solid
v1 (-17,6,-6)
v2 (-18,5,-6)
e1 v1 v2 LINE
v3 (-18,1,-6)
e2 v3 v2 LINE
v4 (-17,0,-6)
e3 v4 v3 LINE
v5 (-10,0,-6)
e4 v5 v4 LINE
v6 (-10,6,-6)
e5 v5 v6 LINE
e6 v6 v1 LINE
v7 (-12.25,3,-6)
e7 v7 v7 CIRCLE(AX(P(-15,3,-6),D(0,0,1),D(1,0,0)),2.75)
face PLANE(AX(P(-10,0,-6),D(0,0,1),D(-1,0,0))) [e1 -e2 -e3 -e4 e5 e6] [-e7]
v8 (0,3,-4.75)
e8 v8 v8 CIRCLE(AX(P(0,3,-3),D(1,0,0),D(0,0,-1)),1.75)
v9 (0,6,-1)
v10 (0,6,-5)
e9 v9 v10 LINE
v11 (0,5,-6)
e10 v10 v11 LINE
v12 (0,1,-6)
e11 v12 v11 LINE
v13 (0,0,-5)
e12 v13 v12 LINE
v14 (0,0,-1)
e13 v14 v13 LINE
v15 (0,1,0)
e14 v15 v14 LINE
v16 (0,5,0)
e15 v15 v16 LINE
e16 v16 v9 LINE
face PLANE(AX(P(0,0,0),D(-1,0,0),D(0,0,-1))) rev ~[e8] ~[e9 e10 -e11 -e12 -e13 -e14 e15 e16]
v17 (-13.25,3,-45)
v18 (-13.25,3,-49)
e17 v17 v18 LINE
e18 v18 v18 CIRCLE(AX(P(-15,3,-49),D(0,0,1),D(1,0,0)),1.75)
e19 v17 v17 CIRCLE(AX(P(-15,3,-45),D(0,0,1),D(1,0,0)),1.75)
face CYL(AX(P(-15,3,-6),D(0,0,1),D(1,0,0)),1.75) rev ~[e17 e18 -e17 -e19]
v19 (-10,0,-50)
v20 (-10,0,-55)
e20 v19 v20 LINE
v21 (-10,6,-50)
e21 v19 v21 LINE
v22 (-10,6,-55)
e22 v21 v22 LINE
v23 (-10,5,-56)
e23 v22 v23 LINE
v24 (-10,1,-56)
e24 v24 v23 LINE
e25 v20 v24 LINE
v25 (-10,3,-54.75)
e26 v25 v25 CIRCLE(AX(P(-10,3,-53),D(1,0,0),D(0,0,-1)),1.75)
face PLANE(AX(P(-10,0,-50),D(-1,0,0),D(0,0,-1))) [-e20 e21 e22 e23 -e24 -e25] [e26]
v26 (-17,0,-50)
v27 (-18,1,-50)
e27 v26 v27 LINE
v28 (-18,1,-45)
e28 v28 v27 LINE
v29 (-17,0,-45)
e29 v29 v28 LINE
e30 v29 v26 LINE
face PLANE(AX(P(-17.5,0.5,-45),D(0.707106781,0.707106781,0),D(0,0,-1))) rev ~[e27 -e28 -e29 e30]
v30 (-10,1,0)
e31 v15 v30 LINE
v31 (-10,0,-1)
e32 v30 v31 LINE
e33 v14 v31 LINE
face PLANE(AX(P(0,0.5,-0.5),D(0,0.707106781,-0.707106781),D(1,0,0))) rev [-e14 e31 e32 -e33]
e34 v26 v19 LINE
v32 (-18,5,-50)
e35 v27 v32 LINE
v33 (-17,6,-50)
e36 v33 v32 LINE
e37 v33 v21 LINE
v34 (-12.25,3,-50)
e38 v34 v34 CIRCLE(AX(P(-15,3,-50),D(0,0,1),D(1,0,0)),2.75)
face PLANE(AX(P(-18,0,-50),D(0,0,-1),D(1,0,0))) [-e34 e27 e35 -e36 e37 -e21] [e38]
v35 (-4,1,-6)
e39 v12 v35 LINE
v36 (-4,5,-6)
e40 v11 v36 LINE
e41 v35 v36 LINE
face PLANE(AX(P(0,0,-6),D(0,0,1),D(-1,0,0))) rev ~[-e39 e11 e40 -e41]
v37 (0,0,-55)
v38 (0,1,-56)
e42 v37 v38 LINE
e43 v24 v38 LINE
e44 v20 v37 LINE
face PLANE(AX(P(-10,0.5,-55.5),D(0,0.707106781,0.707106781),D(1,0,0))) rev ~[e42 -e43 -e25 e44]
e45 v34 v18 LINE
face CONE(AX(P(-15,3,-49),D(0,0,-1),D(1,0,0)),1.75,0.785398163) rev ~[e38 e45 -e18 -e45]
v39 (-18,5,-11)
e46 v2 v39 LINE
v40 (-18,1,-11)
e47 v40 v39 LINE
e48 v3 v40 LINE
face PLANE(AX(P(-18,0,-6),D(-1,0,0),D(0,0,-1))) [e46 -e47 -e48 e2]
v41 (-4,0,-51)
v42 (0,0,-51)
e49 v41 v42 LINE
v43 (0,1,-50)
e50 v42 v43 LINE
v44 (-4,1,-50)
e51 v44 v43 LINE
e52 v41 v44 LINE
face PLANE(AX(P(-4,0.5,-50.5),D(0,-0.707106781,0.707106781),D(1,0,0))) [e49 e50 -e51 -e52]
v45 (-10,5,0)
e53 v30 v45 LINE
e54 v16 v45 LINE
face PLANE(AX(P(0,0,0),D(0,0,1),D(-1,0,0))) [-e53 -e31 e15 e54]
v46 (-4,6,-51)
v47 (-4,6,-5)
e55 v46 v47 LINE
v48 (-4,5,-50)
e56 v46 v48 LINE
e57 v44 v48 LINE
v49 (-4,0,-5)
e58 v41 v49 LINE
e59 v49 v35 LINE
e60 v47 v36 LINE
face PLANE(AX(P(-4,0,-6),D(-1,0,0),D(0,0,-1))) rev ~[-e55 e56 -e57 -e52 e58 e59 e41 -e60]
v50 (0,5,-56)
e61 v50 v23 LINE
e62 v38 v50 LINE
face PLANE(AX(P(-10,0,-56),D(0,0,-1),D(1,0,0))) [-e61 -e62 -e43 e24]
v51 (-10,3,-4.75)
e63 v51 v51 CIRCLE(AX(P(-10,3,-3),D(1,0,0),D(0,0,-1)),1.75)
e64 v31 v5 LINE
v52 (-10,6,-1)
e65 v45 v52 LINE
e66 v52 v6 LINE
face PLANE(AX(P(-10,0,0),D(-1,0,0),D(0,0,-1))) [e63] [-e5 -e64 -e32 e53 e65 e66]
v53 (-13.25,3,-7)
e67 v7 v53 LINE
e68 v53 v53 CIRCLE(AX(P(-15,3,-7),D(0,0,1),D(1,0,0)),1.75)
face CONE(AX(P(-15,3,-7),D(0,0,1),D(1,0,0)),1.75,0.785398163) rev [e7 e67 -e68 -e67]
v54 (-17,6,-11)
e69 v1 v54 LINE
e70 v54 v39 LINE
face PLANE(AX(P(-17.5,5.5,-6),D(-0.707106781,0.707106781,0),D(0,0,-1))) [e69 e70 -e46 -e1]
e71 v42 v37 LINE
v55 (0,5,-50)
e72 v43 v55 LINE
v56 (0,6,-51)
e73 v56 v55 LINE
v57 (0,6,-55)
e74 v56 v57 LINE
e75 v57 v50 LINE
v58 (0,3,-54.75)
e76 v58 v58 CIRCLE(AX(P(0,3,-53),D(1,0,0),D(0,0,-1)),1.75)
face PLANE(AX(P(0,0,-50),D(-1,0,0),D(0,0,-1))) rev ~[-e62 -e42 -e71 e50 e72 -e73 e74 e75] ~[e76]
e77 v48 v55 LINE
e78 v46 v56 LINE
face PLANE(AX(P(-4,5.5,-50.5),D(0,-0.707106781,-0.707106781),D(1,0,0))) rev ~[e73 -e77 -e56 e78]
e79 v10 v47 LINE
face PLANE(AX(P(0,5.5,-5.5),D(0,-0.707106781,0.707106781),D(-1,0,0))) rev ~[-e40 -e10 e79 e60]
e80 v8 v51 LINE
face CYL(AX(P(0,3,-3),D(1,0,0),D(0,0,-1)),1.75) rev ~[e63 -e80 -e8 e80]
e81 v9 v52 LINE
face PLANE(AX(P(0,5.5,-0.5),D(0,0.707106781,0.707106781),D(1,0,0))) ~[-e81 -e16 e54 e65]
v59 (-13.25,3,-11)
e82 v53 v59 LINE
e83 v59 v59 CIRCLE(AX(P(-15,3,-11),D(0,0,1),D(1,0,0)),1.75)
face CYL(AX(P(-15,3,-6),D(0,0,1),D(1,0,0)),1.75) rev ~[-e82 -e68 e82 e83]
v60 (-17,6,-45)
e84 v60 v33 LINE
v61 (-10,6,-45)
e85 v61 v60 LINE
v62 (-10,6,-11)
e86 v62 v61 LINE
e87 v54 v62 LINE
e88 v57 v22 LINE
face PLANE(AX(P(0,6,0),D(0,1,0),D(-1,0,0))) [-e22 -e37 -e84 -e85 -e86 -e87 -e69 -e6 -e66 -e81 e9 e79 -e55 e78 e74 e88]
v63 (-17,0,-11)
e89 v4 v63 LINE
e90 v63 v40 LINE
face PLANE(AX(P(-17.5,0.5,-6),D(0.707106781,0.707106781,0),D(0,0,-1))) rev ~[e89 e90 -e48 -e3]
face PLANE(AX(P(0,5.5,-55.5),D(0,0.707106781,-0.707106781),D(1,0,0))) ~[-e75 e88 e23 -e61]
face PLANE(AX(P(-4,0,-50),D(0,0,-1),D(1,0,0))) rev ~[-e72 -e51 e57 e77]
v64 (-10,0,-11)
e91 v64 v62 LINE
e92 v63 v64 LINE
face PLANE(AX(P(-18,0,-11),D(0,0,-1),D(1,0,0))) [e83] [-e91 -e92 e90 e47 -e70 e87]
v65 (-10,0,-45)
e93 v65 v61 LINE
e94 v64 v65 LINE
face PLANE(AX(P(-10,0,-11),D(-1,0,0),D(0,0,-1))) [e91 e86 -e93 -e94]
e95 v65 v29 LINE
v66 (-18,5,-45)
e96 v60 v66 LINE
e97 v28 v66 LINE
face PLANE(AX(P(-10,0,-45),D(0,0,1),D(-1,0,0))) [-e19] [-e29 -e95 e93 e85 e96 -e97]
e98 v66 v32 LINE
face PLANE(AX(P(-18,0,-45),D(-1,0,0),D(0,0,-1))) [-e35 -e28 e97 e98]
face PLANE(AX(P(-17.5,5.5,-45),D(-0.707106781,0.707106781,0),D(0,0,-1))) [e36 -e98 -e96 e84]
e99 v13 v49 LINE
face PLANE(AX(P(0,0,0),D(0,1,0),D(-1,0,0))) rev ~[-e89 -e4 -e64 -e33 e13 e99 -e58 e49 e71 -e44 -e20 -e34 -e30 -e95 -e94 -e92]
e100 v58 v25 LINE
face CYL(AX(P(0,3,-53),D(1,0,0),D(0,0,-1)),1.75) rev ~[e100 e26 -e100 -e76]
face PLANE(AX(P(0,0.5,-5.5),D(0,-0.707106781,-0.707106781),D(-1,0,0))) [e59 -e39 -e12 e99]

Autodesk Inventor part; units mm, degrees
ref_plane "YZ Plane" through (0, 0, 0) normal (1, 0, 0) x (0, 1, 0)
ref_plane "XZ Plane" through (0, 0, 0) normal (0, 1, 0) x (-1, 0, 0)
ref_plane "XY Plane" through (0, 0, 0) normal (0, 0, 1) x (1, 0, 0)
sketch "Sketch1" plane through (0, 0, 0) normal (0, 1, 0) x (-1, 0, 0)
  line L0 (0, 0) -> (0, -6)
  line L1 (0, -6) -> (4, -6)
  line L2 (4, -6) -> (4, -50)
  line L3 (4, -50) -> (0, -50)
  line L4 (0, -50) -> (0, -56)
  line L5 (0, 0) -> (10, 0)
  line L6 (0, 0) -> (10, 0)
  line L7 (10, 0) -> (10, -6)
  line L8 (10, -6) -> (18, -6)
  line L9 (18, -6) -> (18, -11)
  line L10 (18, -11) -> (10, -11)
  line L11 (10, -11) -> (10, -45)
  line L12 (10, -45) -> (18, -45)
  line L13 (18, -45) -> (18, -50)
  line L14 (18, -50) -> (10, -50)
  line L15 (0, -56) -> (4, -56)
  line L16 (10, -50) -> (10, -56)
  line L17 (10, -56) -> (4, -56)
  point P0 (0, -3)
  point P1 (0, -53)
  dimension "d2" = 50
  dimension "d3" = 6
  dimension "d4" = 4
  dimension "d19" = 6
  dimension "d22" = 8
  dimension "d42" = 6
  dimension "d43" = 6
  dimension "d45" = 5
  dimension "d46" = 34
extrude "Extrusion1" add sketch "Sketch1" along normal blind 6
sketch "Sketch4" plane through (0, 0, -50) normal (1, 0, 0) x (0, 0, -1)
  line L0 (-44, 0) -> (0, 0) projected
  line L1 (-50, 0) -> (-50, 6) projected
  line L2 (-44, 0) -> (-50, 6) construction
  circle A0 centre (-47, 3) radius 1.75
  line L3 (0, 0) -> (6, 0) projected
  line L4 (-44, 6) -> (0, 6) projected
  line L5 (6, 0) -> (0, 6) construction
  circle A1 centre (3, 3) radius 1.75
  dimension "d24" = 3.5
extrude "Extrusion4" cut sketch "Sketch4" against normal through all
chamfer "Chamfer2" distance 1 angle 45 8 edges at (-2, 6, -6) (-2, 0, -6) (-2, 0, -50) (-2, 6, -50) (-5, 0, -56) (-5, 6, -56) (-5, 6, 0) (-5, 0, 0)
sketch "Sketch5" plane through (-18, 0, -6) normal (0, 0, 1) x (1, 0, 0)
  circle A0 centre (3, 3) radius 3 construction
  line L0 (0, 6) -> (8, 6) projected
  line L1 (0, 0) -> (0, 6) projected
  line L2 (0, 0) -> (8, 0) projected
  circle A1 centre (3, 3) radius 1.75
  point P0 (18, 0)
  dimension "d33" = 3.5
chamfer "Chamfer4" distance 1 angle 45 4 edges at (-18, 0, -47.5) (-18, 6, -47.5) (-18, 0, -8.5) (-18, 6, -8.5)
extrude "Extrusion5" cut sketch "Sketch5" against normal through all
chamfer "Chamfer5" distance 1 angle 45 2 edges at (-16.75, 3, -6) (-16.75, 3, -50)
properties part number "camadapter3"
